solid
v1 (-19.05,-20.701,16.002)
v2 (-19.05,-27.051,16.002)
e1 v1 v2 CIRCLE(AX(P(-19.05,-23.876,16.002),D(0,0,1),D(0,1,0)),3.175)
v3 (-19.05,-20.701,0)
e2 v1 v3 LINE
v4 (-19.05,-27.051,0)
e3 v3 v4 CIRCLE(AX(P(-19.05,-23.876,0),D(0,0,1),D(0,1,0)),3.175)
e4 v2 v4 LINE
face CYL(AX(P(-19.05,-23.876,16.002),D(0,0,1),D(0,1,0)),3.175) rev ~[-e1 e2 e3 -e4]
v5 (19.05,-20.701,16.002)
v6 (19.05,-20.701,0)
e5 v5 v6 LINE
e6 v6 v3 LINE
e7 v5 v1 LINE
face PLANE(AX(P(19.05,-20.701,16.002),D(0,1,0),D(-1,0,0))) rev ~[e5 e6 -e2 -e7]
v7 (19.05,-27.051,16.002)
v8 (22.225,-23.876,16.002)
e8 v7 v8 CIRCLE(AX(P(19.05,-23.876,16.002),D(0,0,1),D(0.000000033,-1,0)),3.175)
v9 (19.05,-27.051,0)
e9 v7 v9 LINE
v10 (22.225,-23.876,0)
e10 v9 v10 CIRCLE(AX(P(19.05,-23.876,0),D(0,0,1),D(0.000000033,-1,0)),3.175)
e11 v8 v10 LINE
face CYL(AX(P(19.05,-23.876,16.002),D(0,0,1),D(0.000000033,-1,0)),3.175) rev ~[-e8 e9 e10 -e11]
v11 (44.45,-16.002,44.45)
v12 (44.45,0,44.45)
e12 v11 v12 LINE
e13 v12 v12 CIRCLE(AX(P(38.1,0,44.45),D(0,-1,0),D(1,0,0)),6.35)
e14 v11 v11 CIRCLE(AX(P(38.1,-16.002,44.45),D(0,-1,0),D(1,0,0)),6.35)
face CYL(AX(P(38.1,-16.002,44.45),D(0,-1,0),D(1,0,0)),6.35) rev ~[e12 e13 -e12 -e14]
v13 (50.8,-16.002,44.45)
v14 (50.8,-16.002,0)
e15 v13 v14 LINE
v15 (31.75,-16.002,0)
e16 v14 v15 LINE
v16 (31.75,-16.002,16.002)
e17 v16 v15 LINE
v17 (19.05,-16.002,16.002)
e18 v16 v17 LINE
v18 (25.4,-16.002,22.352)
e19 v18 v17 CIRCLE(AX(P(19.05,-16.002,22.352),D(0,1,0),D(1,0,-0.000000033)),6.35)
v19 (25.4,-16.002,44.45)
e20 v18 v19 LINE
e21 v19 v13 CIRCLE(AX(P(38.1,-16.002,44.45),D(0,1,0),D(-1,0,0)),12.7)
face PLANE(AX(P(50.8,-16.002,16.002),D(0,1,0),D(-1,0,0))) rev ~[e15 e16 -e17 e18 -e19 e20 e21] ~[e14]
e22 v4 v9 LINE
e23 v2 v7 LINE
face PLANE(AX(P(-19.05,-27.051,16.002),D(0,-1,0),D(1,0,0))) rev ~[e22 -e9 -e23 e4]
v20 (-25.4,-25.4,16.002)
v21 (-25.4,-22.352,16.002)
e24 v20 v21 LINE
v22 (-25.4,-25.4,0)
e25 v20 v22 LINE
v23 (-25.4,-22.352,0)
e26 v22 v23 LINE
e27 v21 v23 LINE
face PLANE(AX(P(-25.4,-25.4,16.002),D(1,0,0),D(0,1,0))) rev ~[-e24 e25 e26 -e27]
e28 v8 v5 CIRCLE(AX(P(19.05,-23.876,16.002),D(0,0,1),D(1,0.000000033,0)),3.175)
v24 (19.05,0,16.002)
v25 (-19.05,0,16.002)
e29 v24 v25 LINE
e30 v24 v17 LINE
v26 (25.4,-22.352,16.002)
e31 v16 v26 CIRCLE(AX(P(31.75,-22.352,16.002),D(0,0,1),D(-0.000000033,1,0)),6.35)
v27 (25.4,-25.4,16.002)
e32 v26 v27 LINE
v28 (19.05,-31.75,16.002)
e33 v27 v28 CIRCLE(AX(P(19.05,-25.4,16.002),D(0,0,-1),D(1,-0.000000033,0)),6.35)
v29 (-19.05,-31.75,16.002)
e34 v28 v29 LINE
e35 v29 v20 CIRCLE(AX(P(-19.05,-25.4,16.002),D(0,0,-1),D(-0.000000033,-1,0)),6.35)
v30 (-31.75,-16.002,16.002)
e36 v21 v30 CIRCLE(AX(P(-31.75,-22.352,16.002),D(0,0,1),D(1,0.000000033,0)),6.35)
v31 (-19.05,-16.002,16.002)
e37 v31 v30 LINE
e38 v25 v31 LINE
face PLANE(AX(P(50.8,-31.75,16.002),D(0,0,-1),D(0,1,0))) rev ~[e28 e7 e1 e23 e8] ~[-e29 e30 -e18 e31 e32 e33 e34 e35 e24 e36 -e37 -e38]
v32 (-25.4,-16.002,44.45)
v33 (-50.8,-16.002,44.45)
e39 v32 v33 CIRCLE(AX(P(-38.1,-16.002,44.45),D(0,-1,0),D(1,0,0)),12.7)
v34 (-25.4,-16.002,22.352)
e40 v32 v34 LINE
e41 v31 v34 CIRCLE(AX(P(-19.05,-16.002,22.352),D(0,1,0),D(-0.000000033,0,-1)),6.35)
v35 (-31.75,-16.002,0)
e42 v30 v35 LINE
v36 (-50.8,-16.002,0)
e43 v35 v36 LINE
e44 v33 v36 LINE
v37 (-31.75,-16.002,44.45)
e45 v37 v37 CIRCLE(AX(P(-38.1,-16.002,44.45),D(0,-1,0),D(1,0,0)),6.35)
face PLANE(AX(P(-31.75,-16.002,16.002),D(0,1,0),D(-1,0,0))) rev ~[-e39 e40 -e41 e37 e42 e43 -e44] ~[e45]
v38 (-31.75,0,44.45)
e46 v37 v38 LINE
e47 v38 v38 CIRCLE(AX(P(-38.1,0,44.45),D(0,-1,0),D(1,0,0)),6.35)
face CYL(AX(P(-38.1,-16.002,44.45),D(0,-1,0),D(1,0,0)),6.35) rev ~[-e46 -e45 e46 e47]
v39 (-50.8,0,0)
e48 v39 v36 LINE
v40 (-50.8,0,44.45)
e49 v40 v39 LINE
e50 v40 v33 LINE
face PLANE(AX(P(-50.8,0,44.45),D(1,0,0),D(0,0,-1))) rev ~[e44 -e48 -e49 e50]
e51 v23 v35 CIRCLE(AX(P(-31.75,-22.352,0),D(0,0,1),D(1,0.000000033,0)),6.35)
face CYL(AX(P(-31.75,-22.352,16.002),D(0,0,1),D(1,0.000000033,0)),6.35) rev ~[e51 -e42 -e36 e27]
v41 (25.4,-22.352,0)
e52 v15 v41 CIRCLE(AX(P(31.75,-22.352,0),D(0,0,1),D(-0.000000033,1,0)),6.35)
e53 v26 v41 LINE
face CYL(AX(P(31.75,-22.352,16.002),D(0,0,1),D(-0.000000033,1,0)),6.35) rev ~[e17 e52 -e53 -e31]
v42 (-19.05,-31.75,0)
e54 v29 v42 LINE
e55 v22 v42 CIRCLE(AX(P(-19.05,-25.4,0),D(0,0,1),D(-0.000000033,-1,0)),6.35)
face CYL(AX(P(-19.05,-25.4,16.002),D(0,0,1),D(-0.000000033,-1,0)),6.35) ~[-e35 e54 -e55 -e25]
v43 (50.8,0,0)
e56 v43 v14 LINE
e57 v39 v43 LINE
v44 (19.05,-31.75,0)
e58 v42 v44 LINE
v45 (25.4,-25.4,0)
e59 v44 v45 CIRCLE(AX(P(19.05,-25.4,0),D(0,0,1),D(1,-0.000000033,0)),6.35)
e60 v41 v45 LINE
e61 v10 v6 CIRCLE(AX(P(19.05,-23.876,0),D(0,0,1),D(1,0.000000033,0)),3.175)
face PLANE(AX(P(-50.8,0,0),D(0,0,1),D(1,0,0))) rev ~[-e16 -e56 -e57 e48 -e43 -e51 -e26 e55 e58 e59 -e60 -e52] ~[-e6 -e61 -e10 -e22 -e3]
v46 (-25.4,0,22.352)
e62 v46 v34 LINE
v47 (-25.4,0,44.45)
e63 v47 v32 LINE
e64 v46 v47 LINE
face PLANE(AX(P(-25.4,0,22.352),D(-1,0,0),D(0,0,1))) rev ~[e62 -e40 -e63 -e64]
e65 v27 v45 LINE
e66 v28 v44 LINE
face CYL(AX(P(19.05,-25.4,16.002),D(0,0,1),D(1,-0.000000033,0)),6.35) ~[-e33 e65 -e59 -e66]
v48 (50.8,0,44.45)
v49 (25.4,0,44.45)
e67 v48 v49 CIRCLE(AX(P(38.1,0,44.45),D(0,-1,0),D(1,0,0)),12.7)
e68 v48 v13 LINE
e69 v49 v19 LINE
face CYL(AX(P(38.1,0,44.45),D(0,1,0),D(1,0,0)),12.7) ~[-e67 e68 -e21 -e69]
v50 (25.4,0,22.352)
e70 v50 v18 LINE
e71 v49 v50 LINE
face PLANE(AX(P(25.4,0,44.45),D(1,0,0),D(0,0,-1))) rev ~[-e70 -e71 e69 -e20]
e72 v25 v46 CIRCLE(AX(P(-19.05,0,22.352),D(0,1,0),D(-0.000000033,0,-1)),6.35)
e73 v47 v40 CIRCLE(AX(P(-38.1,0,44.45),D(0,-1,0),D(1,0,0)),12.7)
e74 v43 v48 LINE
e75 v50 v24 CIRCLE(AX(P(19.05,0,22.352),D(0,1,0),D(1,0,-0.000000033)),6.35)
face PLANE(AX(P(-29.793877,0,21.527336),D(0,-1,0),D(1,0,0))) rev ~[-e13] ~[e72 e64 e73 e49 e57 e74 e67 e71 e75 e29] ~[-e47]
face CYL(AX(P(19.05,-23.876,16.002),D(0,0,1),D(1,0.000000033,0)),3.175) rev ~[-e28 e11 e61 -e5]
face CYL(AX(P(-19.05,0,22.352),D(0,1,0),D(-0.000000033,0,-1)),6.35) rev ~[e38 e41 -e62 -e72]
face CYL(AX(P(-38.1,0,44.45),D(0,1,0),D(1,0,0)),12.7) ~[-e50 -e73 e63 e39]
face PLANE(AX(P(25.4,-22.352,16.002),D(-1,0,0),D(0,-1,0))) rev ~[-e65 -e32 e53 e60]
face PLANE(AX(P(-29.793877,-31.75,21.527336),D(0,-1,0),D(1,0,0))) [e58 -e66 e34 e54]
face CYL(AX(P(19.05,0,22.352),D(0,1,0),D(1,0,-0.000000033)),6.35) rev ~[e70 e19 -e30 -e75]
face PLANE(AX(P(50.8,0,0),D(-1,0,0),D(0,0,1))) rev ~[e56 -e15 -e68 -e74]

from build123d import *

# Parameters (mm, degrees)
F1_DEPTH = 31.75
F2_W     = 15.748
F2_H     = 28.448
F2_H_2   = 12.7
F3_DEPTH = 101.601
F5_DEPTH = 16.003
F6_R     = 6.35
F7_DEPTH = 16.003
F8_R     = 6.35
F9_DEPTH = 16.003


with BuildPart() as f1:
    # F0 (on Front) → F1 (new body)
    with BuildSketch(Plane.XZ):
        with BuildLine():
            Line((-50.8, 0), (0, 0))
            Line((0, 0), (0, 16.002))
            Line((0, 16.002), (-19.05, 16.002))
            ThreePointArc((-19.05, 16.002), (-23.540128, 17.861872), (-25.4, 22.352))
            Line((-25.4, 22.352), (-25.4, 44.45))
            ThreePointArc((-25.4, 44.45), (-38.1, 57.15), (-50.8, 44.45))
            Line((-50.8, 44.45), (-50.8, 0))
        make_face()
        with BuildLine():
            Line((0, 16.002), (0, 0))
            Line((0, 0), (50.8, 0))
            Line((50.8, 0), (50.8, 44.45))
            ThreePointArc((50.8, 44.45), (38.1, 57.15), (25.4, 44.45))
            Line((25.4, 44.45), (25.4, 22.352))
            ThreePointArc((25.4, 22.352), (23.540128, 17.861872), (19.05, 16.002))
            Line((19.05, 16.002), (0, 16.002))
        make_face()
    extrude(amount=F1_DEPTH)

    # F2 (on face) → F3 (cut, through all)
    with BuildSketch(Plane.YZ.offset(50.8)):
        with Locations((-23.876, 30.226)):
            Rectangle(F2_W, F2_H)
        with Locations((-23.876, 50.8)):
            Rectangle(F2_W, F2_H_2)
    extrude(amount=-F3_DEPTH, mode=Mode.SUBTRACT)

    # F4 (on face) → F5 (cut, through all)
    with BuildSketch(Plane.XY.offset(16.002)):
        with BuildLine():
            Line((-31.75, -16.002), (-50.8, -16.002))
            Line((-50.8, -16.002), (-50.8, -31.75))
            Line((-50.8, -31.75), (-19.05, -31.75))
            ThreePointArc((-19.05, -31.75), (-23.540128, -29.890128), (-25.4, -25.4))
            Line((-25.4, -25.4), (-25.4, -22.352))
            ThreePointArc((-25.4, -22.352), (-27.259872, -17.861872), (-31.75, -16.002))
        make_face()
        with BuildLine():
            ThreePointArc((-19.05, -20.701), (-16.804936, -21.630936), (-15.875, -23.876))
            ThreePointArc((-15.875, -23.876), (-16.804936, -26.121064), (-19.05, -27.051))
            Line((-19.05, -27.051), (19.05, -27.051))
            ThreePointArc((19.05, -27.051), (15.875, -23.876), (19.05, -20.701))
            Line((19.05, -20.701), (-19.05, -20.701))
        make_face()
        with BuildLine():
            ThreePointArc((-19.05, -27.051), (-16.804936, -26.121064), (-15.875, -23.876))
            ThreePointArc((-15.875, -23.876), (-16.804936, -21.630936), (-19.05, -20.701))
            ThreePointArc((-19.05, -20.701), (-22.225, -23.876), (-19.05, -27.051))
        make_face()
        with BuildLine():
            ThreePointArc((22.225, -23.876), (21.295064, -21.630936), (19.05, -20.701))
            Line((19.05, -20.701), (19.05, -27.051))
            ThreePointArc((19.05, -27.051), (21.295064, -26.121064), (22.225, -23.876))
        make_face()
        with BuildLine():
            Line((19.05, -27.051), (19.05, -20.701))
            ThreePointArc((19.05, -20.701), (15.875, -23.876), (19.05, -27.051))
        make_face()
        with BuildLine():
            ThreePointArc((25.4, -25.4), (23.540128, -29.890128), (19.05, -31.75))
            Line((19.05, -31.75), (50.8, -31.75))
            Line((50.8, -31.75), (50.8, -16.002))
            Line((50.8, -16.002), (31.75, -16.002))
            ThreePointArc((31.75, -16.002), (27.259872, -17.861872), (25.4, -22.352))
            Line((25.4, -22.352), (25.4, -25.4))
        make_face()
    extrude(amount=-F5_DEPTH, mode=Mode.SUBTRACT)

    # F6 (on face) → F7 (cut, through all)
    with BuildSketch(Plane.XZ.offset(16.002)):
        with Locations((-38.1, 44.45)):
            Circle(F6_R)
    extrude(amount=-F7_DEPTH, mode=Mode.SUBTRACT)

    # F8 (on face) → F9 (cut, through all)
    with BuildSketch(Plane.XZ.offset(16.002)):
        with Locations((38.1, 44.45)):
            Circle(F8_R)
    extrude(amount=-F9_DEPTH, mode=Mode.SUBTRACT)


solid = f1.part
